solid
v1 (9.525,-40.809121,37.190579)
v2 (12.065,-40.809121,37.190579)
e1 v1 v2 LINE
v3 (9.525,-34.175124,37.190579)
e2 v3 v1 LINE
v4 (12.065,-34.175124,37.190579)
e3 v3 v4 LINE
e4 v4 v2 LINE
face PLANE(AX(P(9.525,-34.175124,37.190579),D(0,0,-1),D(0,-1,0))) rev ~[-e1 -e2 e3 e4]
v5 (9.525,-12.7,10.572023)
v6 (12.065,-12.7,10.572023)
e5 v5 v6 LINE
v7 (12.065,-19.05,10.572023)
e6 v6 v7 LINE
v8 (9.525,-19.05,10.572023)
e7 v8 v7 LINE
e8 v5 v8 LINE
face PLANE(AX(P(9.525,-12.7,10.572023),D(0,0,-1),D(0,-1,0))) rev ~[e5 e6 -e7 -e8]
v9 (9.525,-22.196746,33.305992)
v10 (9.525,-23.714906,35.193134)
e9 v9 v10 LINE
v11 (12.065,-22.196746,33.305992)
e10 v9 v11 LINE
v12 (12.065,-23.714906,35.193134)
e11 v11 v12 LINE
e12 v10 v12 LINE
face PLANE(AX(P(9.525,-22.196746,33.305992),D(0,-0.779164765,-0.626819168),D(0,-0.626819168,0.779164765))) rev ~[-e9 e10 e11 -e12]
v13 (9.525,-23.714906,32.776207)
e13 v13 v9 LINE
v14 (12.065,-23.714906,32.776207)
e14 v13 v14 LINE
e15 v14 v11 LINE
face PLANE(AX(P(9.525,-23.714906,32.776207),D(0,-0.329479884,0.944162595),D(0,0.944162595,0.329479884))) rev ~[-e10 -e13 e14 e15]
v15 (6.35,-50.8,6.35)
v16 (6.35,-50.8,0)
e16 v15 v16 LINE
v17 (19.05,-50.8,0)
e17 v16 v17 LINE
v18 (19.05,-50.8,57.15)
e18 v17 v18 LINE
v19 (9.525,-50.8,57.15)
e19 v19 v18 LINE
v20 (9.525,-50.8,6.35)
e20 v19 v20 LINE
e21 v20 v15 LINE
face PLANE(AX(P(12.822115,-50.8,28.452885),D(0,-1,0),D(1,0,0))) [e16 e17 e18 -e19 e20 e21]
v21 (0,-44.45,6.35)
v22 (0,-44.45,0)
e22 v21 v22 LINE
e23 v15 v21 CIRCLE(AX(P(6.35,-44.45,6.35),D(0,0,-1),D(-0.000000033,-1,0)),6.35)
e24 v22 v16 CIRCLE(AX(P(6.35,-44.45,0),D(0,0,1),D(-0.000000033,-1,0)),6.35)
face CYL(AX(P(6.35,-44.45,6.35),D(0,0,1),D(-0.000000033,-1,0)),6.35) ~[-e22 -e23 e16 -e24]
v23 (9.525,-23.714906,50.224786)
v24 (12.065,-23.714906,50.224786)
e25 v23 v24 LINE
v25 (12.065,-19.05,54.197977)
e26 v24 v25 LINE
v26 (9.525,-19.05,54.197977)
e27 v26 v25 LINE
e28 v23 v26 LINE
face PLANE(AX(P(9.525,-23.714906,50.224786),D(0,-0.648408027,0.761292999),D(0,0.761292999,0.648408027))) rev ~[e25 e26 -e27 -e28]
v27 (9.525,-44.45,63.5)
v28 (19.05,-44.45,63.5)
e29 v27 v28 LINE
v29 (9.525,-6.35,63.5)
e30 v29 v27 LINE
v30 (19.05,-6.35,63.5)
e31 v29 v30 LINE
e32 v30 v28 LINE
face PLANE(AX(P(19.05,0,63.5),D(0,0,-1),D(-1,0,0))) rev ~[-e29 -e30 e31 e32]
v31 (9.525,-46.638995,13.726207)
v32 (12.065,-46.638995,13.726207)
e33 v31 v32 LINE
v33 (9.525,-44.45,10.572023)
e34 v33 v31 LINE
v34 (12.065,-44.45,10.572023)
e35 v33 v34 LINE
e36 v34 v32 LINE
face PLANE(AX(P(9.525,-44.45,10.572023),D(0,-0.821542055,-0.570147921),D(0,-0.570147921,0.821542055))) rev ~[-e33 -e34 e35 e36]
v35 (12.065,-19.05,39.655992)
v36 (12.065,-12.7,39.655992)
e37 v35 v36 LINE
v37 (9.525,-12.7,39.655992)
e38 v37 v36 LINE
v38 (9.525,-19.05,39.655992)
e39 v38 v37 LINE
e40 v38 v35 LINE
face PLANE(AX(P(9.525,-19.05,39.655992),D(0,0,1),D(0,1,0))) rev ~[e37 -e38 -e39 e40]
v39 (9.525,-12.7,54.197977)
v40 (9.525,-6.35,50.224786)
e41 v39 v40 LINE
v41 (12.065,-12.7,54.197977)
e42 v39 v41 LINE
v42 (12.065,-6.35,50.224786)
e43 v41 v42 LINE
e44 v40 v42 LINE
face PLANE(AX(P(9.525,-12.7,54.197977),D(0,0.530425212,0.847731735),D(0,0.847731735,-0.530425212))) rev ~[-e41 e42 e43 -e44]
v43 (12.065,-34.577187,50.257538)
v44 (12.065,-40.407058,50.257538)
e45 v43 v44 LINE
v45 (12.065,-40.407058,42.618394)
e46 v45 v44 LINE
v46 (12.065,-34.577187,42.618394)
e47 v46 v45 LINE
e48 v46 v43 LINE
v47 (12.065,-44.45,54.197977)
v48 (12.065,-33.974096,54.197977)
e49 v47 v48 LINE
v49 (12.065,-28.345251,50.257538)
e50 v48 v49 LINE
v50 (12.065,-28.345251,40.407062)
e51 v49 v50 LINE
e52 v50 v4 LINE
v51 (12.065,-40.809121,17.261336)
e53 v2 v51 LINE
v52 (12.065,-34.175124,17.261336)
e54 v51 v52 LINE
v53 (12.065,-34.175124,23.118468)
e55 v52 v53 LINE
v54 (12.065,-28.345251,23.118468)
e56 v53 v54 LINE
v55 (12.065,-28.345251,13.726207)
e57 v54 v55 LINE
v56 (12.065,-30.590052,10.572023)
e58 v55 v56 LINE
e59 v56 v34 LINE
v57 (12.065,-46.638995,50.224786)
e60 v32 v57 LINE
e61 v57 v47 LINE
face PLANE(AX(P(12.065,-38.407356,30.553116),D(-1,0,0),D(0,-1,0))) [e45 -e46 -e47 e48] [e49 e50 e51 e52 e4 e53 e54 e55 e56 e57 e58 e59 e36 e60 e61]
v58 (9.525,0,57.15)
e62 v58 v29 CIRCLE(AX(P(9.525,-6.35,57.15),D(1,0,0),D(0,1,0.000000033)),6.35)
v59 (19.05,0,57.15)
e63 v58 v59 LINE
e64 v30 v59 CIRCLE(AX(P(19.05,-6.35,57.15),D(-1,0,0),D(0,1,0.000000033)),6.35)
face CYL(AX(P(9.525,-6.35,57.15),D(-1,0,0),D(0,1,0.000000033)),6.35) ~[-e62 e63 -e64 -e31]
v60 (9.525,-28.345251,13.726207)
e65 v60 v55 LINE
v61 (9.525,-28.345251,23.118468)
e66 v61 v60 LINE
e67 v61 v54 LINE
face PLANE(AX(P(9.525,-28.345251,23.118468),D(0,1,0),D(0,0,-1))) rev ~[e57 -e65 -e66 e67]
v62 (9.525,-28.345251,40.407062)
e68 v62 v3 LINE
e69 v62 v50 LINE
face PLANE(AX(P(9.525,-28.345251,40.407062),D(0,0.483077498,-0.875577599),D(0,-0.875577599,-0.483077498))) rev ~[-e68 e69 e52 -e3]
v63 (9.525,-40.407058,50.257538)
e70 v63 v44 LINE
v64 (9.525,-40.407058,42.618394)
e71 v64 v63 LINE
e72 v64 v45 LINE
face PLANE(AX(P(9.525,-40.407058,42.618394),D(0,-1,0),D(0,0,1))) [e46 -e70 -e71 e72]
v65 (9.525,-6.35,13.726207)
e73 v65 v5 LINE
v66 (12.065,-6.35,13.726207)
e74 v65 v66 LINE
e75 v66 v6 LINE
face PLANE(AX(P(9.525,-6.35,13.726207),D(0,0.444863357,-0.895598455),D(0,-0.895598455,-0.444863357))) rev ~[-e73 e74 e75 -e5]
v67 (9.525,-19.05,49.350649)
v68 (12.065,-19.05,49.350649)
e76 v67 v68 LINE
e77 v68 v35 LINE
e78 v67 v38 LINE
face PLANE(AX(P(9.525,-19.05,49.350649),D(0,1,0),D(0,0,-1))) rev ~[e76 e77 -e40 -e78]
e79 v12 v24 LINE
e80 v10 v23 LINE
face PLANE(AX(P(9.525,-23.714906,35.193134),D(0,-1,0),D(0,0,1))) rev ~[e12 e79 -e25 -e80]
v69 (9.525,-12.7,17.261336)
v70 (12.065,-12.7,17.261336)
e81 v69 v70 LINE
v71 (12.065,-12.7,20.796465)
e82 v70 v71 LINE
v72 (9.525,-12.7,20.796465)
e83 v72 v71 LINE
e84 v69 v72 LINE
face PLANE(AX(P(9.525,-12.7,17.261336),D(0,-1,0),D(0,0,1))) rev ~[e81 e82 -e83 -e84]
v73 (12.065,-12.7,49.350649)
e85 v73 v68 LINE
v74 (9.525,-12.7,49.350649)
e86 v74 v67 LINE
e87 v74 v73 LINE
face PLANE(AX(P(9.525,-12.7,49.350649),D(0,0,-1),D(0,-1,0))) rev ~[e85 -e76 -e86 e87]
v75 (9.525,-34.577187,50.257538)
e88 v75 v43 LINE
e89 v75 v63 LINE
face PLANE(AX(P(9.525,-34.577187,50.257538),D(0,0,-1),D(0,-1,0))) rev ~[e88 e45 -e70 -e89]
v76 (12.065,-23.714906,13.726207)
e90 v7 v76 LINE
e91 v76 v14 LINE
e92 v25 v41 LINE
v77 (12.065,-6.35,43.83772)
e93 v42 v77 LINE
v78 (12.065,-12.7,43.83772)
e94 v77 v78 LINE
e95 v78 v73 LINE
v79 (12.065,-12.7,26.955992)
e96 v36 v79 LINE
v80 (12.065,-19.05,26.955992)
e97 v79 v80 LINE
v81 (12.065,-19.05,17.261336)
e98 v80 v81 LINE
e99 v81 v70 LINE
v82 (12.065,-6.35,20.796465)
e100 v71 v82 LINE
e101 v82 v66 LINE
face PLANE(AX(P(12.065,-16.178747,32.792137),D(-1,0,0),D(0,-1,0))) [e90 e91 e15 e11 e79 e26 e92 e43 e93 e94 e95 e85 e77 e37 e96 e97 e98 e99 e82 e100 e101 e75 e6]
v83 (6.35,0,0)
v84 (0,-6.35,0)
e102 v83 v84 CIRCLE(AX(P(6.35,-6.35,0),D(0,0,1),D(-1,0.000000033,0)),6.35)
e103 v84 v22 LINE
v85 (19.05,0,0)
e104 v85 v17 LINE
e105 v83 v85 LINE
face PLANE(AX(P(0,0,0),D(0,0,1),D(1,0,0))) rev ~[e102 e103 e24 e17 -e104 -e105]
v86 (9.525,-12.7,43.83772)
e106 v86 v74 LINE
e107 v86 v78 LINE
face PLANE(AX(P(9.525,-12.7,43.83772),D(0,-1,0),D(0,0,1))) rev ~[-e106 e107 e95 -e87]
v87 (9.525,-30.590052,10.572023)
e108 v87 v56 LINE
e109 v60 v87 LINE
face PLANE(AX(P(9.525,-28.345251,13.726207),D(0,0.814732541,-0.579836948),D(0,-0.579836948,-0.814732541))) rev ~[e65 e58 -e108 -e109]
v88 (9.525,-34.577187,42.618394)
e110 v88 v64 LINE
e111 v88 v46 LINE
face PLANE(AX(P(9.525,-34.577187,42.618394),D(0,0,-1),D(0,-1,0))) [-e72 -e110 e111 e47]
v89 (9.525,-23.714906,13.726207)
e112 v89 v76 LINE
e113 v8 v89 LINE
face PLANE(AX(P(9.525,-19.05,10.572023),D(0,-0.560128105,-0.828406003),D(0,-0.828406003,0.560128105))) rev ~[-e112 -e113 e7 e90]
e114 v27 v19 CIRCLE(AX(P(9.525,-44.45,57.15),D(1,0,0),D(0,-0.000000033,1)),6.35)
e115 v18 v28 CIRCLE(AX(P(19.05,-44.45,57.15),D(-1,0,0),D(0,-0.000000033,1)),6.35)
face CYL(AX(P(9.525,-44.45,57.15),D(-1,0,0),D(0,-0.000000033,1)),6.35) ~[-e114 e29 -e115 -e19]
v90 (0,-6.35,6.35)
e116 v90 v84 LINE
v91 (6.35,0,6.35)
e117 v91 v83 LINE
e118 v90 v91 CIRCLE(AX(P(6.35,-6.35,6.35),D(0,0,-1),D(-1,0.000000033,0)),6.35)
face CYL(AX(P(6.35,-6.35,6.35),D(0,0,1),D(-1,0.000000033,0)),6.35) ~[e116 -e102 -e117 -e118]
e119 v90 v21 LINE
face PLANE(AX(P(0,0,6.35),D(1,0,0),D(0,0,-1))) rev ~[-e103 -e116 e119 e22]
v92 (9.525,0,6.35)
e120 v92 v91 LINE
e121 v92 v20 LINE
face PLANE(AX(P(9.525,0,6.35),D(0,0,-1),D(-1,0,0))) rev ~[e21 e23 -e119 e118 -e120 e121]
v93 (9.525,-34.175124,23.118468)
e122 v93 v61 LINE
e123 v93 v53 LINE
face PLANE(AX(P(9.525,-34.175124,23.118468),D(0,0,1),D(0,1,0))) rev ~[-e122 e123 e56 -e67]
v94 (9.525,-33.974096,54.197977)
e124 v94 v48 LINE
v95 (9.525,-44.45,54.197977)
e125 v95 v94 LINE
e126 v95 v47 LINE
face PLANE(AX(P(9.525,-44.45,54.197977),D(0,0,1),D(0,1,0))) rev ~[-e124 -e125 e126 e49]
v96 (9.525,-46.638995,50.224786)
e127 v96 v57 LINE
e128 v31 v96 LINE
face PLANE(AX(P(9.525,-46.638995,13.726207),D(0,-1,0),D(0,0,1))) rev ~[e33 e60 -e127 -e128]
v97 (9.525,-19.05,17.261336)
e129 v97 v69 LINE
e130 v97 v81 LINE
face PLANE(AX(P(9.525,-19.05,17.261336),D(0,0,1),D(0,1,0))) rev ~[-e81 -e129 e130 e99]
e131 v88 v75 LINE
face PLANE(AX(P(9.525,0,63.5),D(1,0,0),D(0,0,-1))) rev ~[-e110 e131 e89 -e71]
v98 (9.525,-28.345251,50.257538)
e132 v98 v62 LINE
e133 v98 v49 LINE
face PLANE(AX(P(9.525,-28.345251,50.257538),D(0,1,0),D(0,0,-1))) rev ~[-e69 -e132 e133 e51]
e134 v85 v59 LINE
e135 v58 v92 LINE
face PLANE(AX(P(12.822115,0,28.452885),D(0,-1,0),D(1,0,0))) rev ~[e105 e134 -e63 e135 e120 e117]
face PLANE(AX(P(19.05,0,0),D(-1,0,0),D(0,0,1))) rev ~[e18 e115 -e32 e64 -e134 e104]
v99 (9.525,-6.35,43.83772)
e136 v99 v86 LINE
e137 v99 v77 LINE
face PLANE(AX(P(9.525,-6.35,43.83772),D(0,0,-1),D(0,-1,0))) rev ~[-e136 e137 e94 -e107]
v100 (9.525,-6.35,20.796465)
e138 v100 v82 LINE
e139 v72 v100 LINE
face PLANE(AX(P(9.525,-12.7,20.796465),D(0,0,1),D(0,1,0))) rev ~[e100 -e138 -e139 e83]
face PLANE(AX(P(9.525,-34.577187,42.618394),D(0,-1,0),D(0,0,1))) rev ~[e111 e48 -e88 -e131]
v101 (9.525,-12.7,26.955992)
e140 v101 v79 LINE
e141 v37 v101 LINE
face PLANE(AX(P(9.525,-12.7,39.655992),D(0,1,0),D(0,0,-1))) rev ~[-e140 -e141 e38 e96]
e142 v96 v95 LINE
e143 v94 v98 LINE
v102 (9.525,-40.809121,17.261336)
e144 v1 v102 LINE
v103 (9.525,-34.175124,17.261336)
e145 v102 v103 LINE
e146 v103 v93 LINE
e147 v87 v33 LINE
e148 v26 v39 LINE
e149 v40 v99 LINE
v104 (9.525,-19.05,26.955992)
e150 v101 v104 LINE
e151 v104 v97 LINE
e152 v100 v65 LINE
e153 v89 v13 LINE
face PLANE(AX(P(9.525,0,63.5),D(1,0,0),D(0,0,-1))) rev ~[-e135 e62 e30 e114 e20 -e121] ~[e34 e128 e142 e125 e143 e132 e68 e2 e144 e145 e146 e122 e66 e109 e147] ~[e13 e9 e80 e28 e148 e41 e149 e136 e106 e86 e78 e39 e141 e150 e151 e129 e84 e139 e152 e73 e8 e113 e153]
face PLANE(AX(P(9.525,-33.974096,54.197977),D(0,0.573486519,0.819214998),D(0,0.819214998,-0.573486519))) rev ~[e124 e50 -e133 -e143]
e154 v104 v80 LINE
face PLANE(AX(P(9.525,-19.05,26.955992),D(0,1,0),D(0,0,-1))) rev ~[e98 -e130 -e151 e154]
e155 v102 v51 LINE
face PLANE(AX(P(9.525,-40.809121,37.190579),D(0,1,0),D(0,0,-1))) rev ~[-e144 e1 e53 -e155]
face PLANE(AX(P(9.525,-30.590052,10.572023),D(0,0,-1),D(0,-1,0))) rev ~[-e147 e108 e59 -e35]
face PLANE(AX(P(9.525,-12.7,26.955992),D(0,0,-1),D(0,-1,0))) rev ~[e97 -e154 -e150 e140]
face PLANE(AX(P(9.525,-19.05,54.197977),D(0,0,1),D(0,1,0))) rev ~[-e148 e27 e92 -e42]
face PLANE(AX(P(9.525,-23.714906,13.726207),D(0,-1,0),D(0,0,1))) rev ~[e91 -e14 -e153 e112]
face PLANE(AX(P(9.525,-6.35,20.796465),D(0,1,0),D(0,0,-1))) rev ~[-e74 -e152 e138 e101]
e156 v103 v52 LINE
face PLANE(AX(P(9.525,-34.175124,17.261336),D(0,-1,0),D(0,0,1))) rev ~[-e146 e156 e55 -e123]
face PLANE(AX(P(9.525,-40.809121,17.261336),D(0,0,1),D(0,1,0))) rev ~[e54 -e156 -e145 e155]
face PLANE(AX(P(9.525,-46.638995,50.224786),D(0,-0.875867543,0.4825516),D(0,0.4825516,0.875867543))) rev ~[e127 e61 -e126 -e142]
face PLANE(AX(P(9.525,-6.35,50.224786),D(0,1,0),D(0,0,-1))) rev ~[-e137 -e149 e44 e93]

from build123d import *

# Parameters (mm, degrees)
F1_DEPTH = 50.8
F3_DEPTH = 25.4
F5_DEPTH = 25.4
F7_DEPTH = 2.54
F8_W     = 5.829871
F8_H     = 7.639144
F9_DEPTH = 2.54


with BuildPart() as f1:
    # F0 (on Front) → F1 (new body)
    with BuildSketch(Plane.XZ):
        Polygon((0, 6.35), (0, 0), (19.05, 0), (19.05, 63.5), (9.525, 63.5), (9.525, 6.35), align=None)
    extrude(amount=F1_DEPTH)

    # F2 (on face) → F3 (cut)
    with BuildSketch(Plane.XY.offset(6.35)):
        with BuildLine():
            ThreePointArc((0, -6.35), (1.859872, -1.859872), (6.35, 0))
            Line((6.35, 0), (0, 0))
            Line((0, 0), (0, -6.35))
        make_face()
        with BuildLine():
            Line((0, -50.8), (6.35, -50.8))
            ThreePointArc((6.35, -50.8), (1.859872, -48.940128), (0, -44.45))
            Line((0, -44.45), (0, -50.8))
        make_face()
    extrude(amount=-F3_DEPTH, mode=Mode.SUBTRACT)

    # F4 (on face) → F5 (cut)
    with BuildSketch(Plane(origin=(9.525, 0, 0), x_dir=(0, -1, 0), z_dir=(-1, 0, 0))):
        with BuildLine():
            ThreePointArc((0, 57.15), (1.859872, 61.640128), (6.35, 63.5))
            Line((6.35, 63.5), (0, 63.5))
            Line((0, 63.5), (0, 57.15))
        make_face()
        with BuildLine():
            ThreePointArc((44.45, 63.5), (48.940128, 61.640128), (50.8, 57.15))
            Line((50.8, 57.15), (50.8, 63.5))
            Line((50.8, 63.5), (44.45, 63.5))
        make_face()
    extrude(amount=-F5_DEPTH, mode=Mode.SUBTRACT)

    # F6 (on face) → F7 (cut)
    with BuildSketch(Plane(origin=(9.525, 0, 0), x_dir=(0, -1, 0), z_dir=(-1, 0, 0))):
        Polygon((6.35, 50.224786), (6.35, 43.83772), (12.7, 43.83772), (12.7, 49.350649), (19.05, 49.350649), (19.05, 39.655992), (12.7, 39.655992), (12.7, 26.955992), (19.05, 26.955992), (19.05, 17.261336), (12.7, 17.261336), (12.7, 20.796465), (6.35, 20.796465), (6.35, 13.726207), (12.7, 10.572023), (19.05, 10.572023), (23.714906, 13.726207), (23.714906, 32.776207), (22.196746, 33.305992), (23.714906, 35.193134), (23.714906, 50.224786), (19.05, 54.197977), (12.7, 54.197977), align=None)
    extrude(amount=-F7_DEPTH, mode=Mode.SUBTRACT)

    # F8 (on face) → F9 (cut)
    with BuildSketch(Plane(origin=(9.525, 0, 0), x_dir=(0, -1, 0), z_dir=(-1, 0, 0))):
        Polygon((28.345251, 40.407062), (34.175124, 37.190579), (40.809121, 37.190579), (40.809121, 17.261336), (34.175124, 17.261336), (34.175124, 23.118468), (28.345251, 23.118468), (28.345251, 13.726207), (30.590052, 10.572023), (44.45, 10.572023), (46.638995, 13.726207), (46.638995, 50.224786), (44.45, 54.197977), (33.974096, 54.197977), (28.345251, 50.257538), align=None)
        with Locations((37.492122, 46.437966)):
            Rectangle(F8_W, F8_H, mode=Mode.SUBTRACT)
    extrude(amount=-F9_DEPTH, mode=Mode.SUBTRACT)


solid = f1.part
